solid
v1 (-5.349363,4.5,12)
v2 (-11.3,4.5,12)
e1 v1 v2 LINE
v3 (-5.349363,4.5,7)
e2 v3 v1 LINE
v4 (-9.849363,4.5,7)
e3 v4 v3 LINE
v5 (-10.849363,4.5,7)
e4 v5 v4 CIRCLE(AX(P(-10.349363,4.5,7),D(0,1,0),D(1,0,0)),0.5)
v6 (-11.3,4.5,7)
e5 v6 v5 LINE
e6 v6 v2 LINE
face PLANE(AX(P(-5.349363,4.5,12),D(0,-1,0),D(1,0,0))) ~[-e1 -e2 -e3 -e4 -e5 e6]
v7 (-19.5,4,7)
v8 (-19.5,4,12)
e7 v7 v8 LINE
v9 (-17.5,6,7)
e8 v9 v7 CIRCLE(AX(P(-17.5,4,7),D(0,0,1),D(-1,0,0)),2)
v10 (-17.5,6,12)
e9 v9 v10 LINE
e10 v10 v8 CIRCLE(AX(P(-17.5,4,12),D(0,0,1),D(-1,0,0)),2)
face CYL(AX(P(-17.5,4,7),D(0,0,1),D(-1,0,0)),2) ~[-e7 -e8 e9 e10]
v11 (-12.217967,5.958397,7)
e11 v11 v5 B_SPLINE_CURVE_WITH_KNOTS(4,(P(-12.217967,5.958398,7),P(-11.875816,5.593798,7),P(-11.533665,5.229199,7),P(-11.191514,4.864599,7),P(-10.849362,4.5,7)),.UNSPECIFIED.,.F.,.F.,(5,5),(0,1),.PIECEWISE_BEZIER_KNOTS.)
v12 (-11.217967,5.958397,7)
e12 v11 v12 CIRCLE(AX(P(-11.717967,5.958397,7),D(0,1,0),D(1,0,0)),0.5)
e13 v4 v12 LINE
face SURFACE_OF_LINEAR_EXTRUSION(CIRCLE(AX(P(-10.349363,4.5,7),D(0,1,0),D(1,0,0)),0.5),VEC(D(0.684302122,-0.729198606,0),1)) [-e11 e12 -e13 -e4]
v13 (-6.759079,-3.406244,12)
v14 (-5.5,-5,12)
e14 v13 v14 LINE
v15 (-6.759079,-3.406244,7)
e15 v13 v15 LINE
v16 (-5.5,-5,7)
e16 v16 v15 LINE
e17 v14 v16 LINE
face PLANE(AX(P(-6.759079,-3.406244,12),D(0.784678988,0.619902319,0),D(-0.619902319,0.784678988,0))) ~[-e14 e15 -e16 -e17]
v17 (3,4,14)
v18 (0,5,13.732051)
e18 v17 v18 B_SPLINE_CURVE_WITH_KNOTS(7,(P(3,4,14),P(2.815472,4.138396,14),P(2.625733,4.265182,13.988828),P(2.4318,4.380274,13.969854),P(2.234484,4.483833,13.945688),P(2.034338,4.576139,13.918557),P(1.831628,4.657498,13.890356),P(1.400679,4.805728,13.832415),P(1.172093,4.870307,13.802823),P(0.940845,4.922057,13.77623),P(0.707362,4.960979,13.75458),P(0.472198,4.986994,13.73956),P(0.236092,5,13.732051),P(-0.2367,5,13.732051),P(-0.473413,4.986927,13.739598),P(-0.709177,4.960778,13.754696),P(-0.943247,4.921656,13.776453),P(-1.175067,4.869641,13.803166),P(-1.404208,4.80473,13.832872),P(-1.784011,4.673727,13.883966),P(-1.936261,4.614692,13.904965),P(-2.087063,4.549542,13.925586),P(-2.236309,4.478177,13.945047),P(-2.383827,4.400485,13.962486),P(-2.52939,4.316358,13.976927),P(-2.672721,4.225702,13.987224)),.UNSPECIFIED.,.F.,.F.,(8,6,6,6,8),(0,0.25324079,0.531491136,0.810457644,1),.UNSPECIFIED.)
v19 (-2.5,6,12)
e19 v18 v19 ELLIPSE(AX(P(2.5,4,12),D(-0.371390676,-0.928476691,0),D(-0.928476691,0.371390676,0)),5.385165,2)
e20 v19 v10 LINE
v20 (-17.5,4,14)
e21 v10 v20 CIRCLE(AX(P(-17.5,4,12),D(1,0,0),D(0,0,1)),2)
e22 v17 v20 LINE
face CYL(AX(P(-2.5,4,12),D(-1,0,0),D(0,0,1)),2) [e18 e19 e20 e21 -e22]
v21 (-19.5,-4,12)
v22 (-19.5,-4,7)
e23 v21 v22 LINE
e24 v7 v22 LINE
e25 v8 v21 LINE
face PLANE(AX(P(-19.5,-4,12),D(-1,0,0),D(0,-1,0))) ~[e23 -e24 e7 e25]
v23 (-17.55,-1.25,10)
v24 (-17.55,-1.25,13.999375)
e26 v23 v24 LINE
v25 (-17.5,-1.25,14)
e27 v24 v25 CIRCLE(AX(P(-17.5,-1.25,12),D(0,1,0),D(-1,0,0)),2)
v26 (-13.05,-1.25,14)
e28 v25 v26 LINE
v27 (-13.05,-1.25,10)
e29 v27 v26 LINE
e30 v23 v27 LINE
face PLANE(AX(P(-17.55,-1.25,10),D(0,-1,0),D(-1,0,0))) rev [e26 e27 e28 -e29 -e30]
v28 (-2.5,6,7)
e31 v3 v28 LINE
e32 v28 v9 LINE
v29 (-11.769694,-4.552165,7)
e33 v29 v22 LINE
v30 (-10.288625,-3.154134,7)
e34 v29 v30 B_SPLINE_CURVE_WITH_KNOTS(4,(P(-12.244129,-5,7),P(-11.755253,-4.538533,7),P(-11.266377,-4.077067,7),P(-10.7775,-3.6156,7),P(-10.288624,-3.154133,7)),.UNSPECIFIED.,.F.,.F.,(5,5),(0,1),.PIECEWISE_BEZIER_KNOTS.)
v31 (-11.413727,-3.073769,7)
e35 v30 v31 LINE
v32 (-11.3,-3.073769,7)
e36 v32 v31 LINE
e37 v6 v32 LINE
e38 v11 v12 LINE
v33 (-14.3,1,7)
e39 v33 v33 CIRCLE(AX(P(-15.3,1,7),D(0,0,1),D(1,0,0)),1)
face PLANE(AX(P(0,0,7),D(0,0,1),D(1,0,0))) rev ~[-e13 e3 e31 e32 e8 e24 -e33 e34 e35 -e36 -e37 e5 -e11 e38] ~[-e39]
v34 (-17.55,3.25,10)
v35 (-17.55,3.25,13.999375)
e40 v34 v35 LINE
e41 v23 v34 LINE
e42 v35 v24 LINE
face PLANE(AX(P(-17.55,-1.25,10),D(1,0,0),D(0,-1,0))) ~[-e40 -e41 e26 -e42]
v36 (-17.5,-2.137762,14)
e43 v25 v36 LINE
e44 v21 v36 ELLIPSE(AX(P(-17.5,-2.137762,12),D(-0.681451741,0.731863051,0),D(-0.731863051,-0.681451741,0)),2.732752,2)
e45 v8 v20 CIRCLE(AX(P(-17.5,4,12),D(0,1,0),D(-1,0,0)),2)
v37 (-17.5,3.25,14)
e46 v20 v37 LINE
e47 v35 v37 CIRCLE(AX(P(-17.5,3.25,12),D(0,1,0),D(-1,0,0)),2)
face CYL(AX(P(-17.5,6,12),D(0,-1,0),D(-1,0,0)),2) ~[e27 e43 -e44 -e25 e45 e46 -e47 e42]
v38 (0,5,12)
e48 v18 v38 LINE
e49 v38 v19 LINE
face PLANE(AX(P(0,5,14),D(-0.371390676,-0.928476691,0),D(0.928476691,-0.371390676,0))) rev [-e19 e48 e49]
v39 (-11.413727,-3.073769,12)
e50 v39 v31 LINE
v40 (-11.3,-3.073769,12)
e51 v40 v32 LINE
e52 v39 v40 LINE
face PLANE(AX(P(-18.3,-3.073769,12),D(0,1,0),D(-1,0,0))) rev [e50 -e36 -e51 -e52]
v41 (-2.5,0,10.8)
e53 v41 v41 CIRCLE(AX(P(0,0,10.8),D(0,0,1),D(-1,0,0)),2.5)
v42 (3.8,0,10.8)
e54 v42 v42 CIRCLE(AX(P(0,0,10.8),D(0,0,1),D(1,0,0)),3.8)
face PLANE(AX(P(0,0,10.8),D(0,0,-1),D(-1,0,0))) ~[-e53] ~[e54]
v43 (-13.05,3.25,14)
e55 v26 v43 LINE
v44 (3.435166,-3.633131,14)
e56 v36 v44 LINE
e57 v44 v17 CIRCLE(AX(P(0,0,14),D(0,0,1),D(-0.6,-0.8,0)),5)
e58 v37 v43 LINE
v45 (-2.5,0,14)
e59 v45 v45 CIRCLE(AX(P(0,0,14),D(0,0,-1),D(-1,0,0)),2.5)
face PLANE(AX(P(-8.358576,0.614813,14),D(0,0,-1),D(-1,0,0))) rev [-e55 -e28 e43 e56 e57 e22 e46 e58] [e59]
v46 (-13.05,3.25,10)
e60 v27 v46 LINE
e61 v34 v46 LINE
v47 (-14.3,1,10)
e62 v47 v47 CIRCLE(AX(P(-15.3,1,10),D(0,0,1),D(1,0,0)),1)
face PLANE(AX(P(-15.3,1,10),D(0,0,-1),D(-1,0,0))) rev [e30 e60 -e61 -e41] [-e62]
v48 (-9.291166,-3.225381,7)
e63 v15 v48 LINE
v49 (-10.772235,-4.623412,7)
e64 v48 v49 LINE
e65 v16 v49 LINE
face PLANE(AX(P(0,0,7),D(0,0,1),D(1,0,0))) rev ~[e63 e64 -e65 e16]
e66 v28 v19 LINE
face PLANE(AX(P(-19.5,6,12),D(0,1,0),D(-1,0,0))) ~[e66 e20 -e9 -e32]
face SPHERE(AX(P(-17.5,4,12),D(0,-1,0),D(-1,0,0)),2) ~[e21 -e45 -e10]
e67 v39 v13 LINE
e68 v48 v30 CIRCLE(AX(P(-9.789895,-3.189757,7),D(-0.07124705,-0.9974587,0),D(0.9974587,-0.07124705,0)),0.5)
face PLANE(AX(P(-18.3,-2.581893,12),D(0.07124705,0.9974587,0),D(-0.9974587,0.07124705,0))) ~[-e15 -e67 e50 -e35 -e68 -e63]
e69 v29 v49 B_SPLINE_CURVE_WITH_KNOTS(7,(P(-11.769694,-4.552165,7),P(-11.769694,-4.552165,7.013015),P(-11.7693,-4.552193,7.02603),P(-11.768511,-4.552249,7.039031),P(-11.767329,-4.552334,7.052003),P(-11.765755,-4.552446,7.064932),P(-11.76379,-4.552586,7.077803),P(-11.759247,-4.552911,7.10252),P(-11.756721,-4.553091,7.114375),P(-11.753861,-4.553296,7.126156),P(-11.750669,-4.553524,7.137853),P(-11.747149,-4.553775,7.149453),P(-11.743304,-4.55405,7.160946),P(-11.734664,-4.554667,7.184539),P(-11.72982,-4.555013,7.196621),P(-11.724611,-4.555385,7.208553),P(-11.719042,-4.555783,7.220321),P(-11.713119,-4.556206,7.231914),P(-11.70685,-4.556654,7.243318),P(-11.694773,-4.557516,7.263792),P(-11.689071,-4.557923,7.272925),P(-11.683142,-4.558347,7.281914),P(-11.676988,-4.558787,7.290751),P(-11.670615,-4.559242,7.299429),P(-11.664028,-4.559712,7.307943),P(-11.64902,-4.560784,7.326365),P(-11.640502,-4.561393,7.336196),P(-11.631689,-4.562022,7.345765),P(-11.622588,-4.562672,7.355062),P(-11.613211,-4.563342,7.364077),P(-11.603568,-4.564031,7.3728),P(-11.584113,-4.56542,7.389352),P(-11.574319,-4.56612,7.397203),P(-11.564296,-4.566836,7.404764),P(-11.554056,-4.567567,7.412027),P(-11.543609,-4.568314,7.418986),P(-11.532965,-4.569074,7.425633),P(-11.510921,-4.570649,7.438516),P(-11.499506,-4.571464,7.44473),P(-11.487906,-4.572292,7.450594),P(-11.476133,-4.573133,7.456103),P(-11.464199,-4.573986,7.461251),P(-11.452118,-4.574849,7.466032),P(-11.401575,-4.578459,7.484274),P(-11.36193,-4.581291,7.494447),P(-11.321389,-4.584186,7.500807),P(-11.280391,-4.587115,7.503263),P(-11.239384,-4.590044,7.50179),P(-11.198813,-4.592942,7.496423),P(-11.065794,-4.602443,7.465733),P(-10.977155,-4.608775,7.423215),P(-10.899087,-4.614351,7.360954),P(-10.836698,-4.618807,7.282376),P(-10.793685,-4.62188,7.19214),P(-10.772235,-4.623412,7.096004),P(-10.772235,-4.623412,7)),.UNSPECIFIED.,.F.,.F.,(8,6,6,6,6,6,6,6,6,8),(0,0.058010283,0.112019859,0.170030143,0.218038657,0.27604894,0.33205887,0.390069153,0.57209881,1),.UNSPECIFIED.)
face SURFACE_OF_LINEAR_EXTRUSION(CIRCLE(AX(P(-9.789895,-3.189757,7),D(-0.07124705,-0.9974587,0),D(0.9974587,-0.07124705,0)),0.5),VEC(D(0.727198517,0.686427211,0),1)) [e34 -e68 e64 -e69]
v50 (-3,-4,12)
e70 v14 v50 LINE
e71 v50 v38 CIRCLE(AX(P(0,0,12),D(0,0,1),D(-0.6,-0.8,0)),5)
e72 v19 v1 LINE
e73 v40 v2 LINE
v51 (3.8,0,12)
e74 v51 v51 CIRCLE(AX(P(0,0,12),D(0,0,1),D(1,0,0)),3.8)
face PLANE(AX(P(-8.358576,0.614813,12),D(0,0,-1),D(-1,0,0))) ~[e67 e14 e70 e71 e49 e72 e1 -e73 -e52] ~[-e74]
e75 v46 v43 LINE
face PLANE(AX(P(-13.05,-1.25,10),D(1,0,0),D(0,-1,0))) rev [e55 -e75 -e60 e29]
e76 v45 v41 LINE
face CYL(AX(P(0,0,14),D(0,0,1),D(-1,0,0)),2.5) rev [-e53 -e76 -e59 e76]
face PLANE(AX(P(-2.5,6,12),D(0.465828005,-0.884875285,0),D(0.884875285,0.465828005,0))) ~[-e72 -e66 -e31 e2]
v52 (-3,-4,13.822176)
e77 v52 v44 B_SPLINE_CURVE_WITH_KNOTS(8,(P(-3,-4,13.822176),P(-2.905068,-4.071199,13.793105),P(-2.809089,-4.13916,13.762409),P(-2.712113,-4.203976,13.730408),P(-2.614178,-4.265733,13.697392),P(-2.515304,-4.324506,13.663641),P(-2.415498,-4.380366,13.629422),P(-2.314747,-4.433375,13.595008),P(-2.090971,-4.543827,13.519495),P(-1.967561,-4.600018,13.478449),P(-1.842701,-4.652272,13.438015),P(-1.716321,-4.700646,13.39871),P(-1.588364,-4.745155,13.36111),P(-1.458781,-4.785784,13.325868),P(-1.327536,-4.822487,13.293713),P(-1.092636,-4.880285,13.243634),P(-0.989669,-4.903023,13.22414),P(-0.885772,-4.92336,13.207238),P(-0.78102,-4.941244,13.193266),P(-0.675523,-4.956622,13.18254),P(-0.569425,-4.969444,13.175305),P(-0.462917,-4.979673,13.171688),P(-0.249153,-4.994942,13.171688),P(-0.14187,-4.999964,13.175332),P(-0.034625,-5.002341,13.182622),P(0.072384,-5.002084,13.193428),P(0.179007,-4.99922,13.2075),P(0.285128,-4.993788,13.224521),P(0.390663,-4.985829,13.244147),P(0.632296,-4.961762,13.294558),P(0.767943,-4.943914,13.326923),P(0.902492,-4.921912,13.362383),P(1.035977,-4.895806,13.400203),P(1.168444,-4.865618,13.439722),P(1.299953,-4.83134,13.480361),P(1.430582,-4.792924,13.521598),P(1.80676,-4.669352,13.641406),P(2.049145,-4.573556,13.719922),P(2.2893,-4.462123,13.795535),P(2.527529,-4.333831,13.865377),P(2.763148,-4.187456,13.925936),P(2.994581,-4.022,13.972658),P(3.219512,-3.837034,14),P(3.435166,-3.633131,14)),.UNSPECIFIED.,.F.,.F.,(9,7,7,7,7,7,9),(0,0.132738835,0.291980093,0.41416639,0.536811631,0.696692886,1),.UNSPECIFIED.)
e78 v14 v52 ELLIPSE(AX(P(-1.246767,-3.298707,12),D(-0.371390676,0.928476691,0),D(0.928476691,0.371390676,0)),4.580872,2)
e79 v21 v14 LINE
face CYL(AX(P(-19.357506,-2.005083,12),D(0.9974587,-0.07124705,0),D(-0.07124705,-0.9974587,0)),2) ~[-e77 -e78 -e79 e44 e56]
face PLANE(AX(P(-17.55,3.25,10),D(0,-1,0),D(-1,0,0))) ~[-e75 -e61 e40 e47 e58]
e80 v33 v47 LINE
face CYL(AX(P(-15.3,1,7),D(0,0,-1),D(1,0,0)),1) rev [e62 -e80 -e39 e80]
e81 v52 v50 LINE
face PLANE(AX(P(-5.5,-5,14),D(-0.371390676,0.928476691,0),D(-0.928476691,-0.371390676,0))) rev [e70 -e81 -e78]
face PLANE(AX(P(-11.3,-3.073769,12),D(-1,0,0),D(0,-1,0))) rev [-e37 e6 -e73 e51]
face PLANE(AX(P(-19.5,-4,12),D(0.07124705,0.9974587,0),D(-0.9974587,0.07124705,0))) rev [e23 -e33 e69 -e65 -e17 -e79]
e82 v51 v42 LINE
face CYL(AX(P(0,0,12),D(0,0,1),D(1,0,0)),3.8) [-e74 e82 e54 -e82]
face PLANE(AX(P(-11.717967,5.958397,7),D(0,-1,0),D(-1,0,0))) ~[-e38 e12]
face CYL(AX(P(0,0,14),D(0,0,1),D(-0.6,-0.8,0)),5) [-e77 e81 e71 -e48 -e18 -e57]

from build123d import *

# Parameters (mm, degrees)
BOSS_EXTRUDE1_DEPTH = 2
SKETCH3_R           = 2.5
CUT_EXTRUDE1_DEPTH  = 2
BOSS_EXTRUDE2_DEPTH = 5
FILLET2_R           = 2
SKETCH8_R           = 3.8
SKETCH8_R_2         = 2.5
BOSS_EXTRUDE3_DEPTH = 1.2
SKETCH7_R           = 0.5000000000000009
CUT_EXTRUDE3_DEPTH  = 2
SKETCH15_R          = 0.5000000000000009
CUT_EXTRUDE5_DEPTH  = 3
SKETCH18_W          = 7
SKETCH18_H          = 7.573769237451616
BOSS_EXTRUDE4_DEPTH = 5
SKETCH19_R          = 0.9999999999999996
CUT_EXTRUDE6_DEPTH  = 3
SKETCH20_W          = 4.499999999999998
SKETCH20_H          = 4.5
CUT_EXTRUDE7_DEPTH  = 5


with BuildPart() as part:
    # Sketch2 → Boss-Extrude1 (new body)
    with BuildSketch(Plane.XY):
        with BuildLine():
            Line((0, 5.000000000000001), (-2.5, 6))
            Line((-2.5, 6), (-19.499999999999996, 5.999999999999998))
            Line((-19.499999999999996, 5.999999999999998), (-19.499999999999996, -4.000000000000002))
            Line((-19.499999999999996, -4.000000000000002), (-5.4999999999999964, -4.999999999999999))
            Line((-5.4999999999999964, -4.999999999999999), (-2.999999999999996, -4.0000000000000036))
            ThreePointArc((-2.999999999999996, -4.0000000000000036), (4.743416490252571, -1.5811388300841875), (0, 5.000000000000001))
        make_face()
    extrude(amount=BOSS_EXTRUDE1_DEPTH)

    # Sketch3 → Cut-Extrude1 (cut)
    with BuildSketch(Plane(origin=(0, 0, 0), x_dir=(-1, 0, 0), z_dir=(0, 0, -1))):
        Circle(SKETCH3_R)
    extrude(amount=-CUT_EXTRUDE1_DEPTH, mode=Mode.SUBTRACT)

    # Sketch4 → Boss-Extrude2 (add)
    with BuildSketch(Plane.XY.offset(2)):
        Polygon((-19.499999999999996, -4.000000000000002), (-19.499999999999996, 5.999999999999998), (-2.5, 6), (-5.349362666614333, 4.499999999999999), (-18.299999999999997, 4.499999999999997), (-18.299999999999997, -2.581892623469482), (-6.7590791740868275, -3.4062441110347046), (-5.4999999999999964, -4.999999999999999), (-19.292624540521615, -4.014812532819887), align=None)
    extrude(amount=BOSS_EXTRUDE2_DEPTH)

    # Fillet2
    fillet2_edges = [part.edges().sort_by_distance(p)[0] for p in [
        (-19.499999999999996, 0.9999999999999982, 0),
        (-19.499999999999996, 5.999999999999998, 3.5),
        (-12.499999999999996, -4.5, 0),
        (-10.999999999999998, 5.999999999999999, 0),
    ]]
    fillet(fillet2_edges, radius=FILLET2_R)

    # Sketch8 → Boss-Extrude3 (add)
    with BuildSketch(Plane.XY.offset(2)):
        Circle(SKETCH8_R)
        with Locations(Location((0, 0, 0), (0, 0, 180))):
            Circle(SKETCH8_R_2, mode=Mode.SUBTRACT)
    extrude(amount=BOSS_EXTRUDE3_DEPTH)

    # Sketch7 → Cut-Extrude3 (cut, along a direction that is not the sketch's normal)
    with BuildSketch(Plane.XZ.offset(-4.5)):
        with Locations((-10.349362666614333, 7)):
            Circle(SKETCH7_R)
    extrude(amount=-CUT_EXTRUDE3_DEPTH, dir=(0.6843021216730707, -0.7291986055072609, 0), mode=Mode.SUBTRACT)

    # Sketch15 → Cut-Extrude5 (cut, along a direction that is not the sketch's normal)
    with BuildSketch(Plane(origin=(-0.2763781559826011, -3.869294183756433, 0), x_dir=(0.9974586998307351, -0.07124704998790933, 0), z_dir=(0.07124704998790933, 0.9974586998307351, 0))):
        with Locations((-9.537755541479953, -7)):
            Circle(SKETCH15_R)
    extrude(amount=-CUT_EXTRUDE5_DEPTH, dir=(0.7271985173785733, 0.6864272112339407, 0), mode=Mode.SUBTRACT)

    # Sketch18 → Boss-Extrude4 (add)
    with BuildSketch(Plane.XY.offset(2)):
        with Locations((-14.799999999999997, 0.7131153812741895)):
            Rectangle(SKETCH18_W, SKETCH18_H)
    extrude(amount=BOSS_EXTRUDE4_DEPTH)

    # Sketch19 → Cut-Extrude6 (cut)
    with BuildSketch(Plane.XY.offset(6.999999999999999)):
        with Locations((-15.299999999999997, 0.9999999999999972)):
            Circle(SKETCH19_R)
    extrude(amount=-CUT_EXTRUDE6_DEPTH, mode=Mode.SUBTRACT)

    # Sketch20 → Cut-Extrude7 (cut)
    with BuildSketch(Plane.XY.offset(3.999999999999999)):
        with Locations((-15.299999999999997, 0.9999999999999969)):
            Rectangle(SKETCH20_W, SKETCH20_H)
    extrude(amount=-CUT_EXTRUDE7_DEPTH, mode=Mode.SUBTRACT)

    # Mirror1: part across plane


with BuildPart() as part_1:
    add(part.part)
    add(part.part.mirror(Plane.XY.offset(6.999999999999999)))


with BuildPart() as body_2:
    # Split1: the piece on the far side of the plane
    add(part_1.part)
    split(bisect_by=Plane.XY.offset(6.999999999999999), keep=Keep.BOTTOM)


with BuildPart() as part_2:
    add(part_1.part)

    # Split1
    split(bisect_by=Plane.XY.offset(6.999999999999999), keep=Keep.TOP)


solid = part_2.part
